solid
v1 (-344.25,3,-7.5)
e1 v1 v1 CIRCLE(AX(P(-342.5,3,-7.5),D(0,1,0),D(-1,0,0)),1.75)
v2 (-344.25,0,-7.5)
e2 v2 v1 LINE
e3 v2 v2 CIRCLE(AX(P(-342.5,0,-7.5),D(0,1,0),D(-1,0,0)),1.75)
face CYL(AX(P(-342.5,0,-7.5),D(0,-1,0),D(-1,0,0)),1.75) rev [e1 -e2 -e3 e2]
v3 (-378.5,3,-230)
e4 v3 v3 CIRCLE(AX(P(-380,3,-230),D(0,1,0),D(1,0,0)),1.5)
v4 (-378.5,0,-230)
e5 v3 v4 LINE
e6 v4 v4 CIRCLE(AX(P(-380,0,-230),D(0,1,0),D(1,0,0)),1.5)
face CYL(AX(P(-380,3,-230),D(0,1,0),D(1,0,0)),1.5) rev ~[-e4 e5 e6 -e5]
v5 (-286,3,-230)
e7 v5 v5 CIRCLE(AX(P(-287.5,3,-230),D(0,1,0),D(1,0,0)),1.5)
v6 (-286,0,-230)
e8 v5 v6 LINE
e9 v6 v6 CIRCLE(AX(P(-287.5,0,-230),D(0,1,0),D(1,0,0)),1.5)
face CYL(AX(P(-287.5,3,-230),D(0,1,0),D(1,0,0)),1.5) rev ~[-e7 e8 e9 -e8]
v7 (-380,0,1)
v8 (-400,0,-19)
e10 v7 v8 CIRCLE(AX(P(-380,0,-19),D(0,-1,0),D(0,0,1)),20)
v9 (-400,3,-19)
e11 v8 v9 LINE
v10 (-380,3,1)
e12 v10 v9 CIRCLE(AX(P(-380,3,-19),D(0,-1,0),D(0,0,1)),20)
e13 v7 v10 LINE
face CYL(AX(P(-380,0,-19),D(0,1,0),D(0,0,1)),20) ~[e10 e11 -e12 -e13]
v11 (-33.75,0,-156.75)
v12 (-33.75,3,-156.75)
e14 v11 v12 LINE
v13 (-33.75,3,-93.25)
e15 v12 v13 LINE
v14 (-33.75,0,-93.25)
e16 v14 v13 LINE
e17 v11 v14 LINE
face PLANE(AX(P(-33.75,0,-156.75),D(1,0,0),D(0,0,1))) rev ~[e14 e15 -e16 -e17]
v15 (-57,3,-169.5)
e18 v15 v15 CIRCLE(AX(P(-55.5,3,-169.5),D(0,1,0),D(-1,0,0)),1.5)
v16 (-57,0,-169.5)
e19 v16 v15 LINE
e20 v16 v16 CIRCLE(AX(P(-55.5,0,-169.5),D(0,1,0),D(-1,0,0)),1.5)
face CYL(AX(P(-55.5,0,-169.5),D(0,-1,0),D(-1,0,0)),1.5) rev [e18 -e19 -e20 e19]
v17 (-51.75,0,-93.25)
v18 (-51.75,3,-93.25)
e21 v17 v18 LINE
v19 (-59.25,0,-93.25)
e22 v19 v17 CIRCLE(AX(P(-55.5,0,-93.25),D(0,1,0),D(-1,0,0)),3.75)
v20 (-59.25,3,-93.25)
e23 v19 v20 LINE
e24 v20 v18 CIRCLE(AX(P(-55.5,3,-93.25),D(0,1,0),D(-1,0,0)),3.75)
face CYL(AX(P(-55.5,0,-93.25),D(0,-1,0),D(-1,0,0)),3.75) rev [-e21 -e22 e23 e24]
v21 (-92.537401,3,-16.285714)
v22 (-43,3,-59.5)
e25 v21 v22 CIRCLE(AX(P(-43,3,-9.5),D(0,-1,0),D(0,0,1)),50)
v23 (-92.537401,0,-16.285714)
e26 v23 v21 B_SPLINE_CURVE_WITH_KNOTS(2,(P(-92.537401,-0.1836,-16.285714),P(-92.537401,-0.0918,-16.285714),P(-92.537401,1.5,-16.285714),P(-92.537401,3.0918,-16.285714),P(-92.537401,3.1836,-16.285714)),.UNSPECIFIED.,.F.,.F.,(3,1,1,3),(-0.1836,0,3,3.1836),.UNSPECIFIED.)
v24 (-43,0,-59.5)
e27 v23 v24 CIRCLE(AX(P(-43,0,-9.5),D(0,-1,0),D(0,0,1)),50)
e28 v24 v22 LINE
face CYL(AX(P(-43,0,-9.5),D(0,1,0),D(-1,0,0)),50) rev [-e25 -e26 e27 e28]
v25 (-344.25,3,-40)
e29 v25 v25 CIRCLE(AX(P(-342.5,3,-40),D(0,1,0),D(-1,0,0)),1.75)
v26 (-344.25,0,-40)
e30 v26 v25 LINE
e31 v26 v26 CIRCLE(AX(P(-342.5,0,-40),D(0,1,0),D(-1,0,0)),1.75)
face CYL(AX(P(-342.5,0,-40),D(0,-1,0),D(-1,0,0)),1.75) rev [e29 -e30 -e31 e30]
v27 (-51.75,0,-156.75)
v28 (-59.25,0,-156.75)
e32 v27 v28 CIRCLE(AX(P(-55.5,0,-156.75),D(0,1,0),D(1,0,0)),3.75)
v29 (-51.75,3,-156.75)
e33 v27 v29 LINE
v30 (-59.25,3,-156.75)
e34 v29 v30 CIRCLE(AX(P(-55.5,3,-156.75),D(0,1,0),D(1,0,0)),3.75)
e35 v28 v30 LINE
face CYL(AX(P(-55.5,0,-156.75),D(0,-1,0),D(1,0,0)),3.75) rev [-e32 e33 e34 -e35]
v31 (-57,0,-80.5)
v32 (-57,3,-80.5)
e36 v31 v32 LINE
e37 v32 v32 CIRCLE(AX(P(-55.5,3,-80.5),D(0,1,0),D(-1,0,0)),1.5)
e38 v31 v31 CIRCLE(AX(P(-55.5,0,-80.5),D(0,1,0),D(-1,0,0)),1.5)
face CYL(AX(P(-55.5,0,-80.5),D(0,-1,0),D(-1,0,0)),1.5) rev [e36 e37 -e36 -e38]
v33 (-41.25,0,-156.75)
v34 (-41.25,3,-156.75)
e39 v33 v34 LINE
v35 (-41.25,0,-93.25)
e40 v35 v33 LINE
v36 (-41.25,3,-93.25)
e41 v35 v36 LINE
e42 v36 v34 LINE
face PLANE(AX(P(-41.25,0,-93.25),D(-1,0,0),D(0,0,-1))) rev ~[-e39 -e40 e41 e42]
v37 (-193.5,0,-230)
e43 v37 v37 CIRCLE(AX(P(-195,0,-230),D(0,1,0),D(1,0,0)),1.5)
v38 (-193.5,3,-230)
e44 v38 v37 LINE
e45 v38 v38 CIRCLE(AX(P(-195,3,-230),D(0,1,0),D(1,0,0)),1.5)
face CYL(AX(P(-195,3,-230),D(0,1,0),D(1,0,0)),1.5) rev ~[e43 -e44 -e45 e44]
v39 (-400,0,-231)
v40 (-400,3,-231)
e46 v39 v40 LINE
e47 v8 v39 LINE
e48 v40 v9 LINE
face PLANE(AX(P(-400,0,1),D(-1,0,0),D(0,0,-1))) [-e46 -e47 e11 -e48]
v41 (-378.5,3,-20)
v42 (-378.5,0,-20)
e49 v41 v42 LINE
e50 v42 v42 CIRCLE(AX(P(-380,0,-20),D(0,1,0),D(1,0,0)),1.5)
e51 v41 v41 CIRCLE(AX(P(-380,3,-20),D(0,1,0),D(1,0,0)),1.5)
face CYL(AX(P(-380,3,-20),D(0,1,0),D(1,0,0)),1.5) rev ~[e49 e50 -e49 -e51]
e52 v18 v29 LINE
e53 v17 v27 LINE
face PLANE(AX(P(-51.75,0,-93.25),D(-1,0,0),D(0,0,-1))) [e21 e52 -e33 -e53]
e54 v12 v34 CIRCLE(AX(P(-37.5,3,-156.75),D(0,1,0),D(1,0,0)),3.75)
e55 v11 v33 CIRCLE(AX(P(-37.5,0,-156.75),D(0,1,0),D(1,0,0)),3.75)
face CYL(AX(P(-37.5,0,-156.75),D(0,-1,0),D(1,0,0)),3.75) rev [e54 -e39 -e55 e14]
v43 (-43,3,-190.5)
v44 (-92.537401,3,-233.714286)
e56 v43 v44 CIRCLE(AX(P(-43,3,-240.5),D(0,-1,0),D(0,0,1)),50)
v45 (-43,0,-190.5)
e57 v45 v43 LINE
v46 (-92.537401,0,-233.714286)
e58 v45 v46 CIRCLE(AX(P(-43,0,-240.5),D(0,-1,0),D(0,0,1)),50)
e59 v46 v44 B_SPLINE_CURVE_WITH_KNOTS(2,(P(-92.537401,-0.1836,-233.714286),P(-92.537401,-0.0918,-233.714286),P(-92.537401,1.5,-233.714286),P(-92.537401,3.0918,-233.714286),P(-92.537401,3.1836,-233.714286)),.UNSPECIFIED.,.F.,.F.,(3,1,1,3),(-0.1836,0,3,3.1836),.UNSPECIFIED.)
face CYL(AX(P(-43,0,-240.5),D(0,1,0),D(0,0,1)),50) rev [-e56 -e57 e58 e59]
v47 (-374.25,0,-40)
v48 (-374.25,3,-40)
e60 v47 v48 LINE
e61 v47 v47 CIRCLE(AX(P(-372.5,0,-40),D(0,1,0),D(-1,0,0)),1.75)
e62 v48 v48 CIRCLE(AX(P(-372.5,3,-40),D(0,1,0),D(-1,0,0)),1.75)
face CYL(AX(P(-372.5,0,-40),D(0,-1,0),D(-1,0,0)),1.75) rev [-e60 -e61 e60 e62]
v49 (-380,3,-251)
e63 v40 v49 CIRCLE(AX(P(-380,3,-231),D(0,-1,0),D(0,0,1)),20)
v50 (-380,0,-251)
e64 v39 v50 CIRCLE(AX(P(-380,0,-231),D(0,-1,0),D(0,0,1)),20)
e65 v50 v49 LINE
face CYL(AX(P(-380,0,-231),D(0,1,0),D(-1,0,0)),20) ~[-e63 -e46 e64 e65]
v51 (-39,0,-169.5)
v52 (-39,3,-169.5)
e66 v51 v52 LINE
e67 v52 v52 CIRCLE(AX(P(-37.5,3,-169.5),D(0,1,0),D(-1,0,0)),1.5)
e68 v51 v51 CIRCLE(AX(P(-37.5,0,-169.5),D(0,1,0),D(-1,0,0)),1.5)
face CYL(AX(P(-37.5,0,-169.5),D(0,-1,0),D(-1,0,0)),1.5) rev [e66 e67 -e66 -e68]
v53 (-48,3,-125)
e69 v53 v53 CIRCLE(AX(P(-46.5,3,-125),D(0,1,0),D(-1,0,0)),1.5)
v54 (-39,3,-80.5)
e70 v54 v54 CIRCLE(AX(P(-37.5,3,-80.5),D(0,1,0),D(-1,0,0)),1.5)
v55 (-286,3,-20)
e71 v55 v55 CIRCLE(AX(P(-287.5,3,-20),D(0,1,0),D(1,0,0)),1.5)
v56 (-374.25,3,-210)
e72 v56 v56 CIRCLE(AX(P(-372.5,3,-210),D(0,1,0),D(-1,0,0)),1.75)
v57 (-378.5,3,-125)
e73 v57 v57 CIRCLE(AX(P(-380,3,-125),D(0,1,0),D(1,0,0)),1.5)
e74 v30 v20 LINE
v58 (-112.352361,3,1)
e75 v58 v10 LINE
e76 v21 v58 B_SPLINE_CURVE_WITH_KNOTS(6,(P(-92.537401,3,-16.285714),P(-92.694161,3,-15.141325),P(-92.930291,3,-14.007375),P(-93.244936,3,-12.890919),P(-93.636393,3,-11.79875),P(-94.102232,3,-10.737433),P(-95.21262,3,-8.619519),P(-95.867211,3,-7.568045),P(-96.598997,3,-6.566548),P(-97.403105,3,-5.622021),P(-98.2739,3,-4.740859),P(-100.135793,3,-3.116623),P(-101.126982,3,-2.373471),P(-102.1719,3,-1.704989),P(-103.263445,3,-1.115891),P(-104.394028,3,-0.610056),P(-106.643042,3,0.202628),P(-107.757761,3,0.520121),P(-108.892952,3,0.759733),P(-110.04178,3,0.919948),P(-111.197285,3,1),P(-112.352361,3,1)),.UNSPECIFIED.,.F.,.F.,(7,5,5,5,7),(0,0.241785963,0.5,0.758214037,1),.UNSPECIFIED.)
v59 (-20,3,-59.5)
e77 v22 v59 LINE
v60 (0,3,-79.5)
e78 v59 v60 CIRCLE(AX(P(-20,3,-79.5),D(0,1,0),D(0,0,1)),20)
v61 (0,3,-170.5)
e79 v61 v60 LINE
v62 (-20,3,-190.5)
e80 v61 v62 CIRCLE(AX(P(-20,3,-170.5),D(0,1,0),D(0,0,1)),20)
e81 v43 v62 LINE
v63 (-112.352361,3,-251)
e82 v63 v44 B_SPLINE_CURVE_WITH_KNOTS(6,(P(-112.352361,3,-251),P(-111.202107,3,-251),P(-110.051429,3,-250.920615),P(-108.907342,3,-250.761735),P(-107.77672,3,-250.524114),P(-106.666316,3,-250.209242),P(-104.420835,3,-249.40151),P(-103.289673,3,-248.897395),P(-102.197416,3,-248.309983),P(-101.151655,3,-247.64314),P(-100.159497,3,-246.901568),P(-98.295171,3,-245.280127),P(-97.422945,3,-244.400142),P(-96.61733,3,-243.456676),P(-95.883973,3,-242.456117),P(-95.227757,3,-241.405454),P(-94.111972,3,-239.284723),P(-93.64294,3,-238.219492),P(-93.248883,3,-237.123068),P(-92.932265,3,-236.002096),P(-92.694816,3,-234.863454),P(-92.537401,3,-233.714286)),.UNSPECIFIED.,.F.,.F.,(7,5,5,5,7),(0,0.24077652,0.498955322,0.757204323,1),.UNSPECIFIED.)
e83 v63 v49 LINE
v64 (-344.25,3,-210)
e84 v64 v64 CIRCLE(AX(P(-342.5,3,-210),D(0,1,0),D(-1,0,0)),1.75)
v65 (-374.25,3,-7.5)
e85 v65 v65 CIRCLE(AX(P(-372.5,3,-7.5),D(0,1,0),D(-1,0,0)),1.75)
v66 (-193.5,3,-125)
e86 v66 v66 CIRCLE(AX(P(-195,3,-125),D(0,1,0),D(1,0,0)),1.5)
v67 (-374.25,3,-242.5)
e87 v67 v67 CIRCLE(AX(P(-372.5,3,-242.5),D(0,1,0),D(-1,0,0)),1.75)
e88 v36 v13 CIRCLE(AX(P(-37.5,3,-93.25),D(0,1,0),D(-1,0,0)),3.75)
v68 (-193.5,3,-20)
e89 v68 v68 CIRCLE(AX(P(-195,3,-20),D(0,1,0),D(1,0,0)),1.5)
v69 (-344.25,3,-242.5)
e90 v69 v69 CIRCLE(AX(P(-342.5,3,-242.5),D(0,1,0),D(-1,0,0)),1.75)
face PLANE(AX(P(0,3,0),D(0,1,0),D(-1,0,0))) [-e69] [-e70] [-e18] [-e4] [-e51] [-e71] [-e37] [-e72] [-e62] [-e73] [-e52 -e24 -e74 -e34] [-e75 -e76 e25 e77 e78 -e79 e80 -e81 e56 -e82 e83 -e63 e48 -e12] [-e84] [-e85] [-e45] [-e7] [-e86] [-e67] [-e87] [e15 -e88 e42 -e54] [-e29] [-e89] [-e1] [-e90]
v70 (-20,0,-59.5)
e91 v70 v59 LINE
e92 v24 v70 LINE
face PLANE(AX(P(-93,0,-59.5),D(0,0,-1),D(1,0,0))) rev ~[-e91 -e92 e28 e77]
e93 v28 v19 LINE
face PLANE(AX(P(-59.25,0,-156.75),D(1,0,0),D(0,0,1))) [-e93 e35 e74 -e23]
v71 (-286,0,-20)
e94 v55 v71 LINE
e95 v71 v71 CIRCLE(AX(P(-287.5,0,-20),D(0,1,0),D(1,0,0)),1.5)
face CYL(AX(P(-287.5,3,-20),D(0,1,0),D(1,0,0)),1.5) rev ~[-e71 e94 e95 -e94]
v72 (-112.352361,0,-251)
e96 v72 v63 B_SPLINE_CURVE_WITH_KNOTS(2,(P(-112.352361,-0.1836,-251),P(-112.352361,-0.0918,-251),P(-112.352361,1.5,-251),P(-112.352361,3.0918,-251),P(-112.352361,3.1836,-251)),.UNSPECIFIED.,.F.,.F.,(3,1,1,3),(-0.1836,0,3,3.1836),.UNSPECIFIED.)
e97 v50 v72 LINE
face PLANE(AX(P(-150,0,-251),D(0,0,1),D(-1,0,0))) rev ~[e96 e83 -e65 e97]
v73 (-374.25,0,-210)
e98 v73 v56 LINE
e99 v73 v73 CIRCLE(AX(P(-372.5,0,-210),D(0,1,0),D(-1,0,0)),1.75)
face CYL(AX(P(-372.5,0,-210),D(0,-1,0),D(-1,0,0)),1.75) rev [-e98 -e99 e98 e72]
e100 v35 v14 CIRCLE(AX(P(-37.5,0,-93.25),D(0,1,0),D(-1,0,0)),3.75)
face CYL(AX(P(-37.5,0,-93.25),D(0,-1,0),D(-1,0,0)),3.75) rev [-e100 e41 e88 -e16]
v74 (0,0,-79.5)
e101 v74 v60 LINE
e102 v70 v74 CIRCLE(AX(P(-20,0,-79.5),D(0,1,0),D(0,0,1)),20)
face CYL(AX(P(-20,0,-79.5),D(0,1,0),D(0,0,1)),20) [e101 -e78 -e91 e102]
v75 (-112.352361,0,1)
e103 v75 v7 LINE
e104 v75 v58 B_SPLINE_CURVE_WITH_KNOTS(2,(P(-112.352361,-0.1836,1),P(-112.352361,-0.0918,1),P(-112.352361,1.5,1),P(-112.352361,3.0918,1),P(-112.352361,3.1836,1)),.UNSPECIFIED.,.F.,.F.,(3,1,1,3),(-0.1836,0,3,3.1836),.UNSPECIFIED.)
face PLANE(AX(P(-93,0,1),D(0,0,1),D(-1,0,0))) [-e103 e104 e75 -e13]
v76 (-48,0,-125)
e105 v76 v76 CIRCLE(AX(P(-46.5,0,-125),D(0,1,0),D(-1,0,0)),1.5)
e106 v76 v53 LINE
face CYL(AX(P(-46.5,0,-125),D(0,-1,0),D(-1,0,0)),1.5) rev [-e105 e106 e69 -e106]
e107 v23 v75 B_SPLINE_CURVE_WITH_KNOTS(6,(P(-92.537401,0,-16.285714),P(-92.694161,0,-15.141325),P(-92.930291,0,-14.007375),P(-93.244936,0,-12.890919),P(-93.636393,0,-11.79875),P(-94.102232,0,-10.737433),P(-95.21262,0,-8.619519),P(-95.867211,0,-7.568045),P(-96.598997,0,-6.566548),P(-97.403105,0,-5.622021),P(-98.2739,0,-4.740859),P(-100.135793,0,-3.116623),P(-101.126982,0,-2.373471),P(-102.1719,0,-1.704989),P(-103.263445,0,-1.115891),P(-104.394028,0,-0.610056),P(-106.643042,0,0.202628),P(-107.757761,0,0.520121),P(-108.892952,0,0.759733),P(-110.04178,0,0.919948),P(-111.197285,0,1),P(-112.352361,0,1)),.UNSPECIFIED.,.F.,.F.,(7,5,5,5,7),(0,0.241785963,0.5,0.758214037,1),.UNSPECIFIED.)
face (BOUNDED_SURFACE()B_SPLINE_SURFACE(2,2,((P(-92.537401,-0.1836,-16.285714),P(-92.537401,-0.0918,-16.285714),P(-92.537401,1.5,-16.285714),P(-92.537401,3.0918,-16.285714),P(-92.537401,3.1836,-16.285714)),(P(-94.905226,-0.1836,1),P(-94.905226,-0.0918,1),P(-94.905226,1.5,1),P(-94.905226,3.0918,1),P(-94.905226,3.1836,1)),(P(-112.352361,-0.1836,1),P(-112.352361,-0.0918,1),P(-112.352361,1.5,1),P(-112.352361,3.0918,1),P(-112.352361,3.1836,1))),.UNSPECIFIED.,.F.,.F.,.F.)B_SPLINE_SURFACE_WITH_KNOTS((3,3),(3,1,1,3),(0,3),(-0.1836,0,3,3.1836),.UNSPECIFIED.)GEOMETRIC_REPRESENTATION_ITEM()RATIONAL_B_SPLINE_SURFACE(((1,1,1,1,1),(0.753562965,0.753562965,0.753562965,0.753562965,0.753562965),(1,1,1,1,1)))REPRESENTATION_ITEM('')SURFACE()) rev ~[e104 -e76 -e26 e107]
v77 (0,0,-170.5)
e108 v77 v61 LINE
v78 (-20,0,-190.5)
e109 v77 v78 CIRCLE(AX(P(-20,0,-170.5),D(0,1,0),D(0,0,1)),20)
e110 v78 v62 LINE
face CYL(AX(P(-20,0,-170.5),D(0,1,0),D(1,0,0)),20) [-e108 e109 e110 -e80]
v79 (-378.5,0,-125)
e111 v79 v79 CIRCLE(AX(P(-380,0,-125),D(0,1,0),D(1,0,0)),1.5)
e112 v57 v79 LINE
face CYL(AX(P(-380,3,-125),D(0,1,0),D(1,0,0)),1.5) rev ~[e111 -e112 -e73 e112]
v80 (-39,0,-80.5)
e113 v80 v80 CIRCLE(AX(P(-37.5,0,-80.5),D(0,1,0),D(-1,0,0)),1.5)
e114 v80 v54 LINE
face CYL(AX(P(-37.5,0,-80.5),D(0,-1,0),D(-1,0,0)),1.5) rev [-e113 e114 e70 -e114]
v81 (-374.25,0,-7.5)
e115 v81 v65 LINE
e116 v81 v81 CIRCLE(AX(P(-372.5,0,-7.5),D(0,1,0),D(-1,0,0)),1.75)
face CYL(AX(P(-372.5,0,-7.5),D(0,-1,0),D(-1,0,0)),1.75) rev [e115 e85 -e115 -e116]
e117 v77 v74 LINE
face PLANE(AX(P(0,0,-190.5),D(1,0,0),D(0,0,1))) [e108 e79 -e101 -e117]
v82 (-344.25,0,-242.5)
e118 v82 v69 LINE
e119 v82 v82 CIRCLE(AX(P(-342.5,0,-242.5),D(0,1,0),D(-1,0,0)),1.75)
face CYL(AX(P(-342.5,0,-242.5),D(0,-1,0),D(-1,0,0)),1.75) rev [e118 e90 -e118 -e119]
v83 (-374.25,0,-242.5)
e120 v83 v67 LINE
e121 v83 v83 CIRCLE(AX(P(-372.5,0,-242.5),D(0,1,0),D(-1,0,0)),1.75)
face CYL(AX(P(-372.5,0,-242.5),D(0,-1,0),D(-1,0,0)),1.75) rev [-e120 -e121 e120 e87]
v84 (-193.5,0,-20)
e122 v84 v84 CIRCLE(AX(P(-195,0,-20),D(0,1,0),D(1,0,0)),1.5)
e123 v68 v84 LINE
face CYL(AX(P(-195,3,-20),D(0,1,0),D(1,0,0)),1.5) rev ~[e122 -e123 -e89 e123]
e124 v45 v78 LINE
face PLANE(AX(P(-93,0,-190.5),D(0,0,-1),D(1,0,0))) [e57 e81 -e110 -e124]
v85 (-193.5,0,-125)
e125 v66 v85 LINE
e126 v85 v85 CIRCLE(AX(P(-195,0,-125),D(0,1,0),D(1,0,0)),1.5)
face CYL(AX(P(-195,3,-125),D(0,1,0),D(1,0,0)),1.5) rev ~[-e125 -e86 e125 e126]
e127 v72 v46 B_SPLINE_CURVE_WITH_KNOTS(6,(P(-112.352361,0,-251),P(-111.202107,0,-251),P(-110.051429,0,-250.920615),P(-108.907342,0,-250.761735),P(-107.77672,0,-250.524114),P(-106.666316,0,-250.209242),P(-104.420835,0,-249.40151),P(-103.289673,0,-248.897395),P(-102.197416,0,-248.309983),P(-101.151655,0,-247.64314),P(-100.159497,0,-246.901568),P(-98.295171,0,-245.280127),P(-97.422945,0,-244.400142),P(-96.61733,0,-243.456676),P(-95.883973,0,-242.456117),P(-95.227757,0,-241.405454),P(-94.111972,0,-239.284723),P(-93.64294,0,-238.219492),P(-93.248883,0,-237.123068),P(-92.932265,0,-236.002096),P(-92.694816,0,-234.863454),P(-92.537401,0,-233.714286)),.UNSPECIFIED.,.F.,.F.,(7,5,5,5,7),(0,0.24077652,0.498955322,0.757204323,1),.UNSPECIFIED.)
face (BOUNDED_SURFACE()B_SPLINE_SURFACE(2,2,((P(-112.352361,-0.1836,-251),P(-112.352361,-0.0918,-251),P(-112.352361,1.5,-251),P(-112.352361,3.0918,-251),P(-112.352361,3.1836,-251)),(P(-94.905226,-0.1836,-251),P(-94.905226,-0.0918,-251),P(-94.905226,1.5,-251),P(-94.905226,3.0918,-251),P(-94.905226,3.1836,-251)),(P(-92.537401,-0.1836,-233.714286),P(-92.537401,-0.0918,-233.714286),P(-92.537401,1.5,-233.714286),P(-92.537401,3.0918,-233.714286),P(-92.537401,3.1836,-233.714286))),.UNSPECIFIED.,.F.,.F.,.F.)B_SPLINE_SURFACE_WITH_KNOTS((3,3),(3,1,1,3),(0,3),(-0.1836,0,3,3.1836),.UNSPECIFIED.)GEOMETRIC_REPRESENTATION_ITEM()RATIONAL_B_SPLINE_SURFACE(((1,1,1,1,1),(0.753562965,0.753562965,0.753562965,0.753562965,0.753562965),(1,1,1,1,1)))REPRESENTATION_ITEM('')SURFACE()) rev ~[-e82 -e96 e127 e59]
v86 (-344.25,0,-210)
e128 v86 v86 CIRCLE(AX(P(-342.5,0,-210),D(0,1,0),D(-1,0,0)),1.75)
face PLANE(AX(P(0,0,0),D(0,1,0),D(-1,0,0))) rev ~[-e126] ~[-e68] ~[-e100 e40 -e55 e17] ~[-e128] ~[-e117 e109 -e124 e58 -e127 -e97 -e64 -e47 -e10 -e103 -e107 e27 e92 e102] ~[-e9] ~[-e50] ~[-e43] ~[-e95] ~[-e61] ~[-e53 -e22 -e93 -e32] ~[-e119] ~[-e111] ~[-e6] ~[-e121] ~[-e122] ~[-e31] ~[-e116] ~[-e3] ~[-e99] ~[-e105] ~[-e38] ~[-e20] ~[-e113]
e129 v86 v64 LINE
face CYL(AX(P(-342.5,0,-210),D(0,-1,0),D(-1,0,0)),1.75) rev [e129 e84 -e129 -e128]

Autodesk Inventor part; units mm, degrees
ref_plane "YZ Plane" through (0, 0, 0) normal (1, 0, 0) x (0, 1, 0)
ref_plane "XZ Plane" through (0, 0, 0) normal (0, 1, 0) x (-1, 0, 0)
ref_plane "XY Plane" through (0, 0, 0) normal (0, 0, 1) x (1, 0, 0)
sketch "Sketch1" plane through (0, 0, 0) normal (0, 1, 0) x (-1, 0, 0)
  line L0 (0, 0) -> (150, 0)
  line L1 (150, 0) -> (150, -250)
  line L2 (150, -250) -> (0, -250)
  line L3 (0, -250) -> (0, 0)
  line L4 (150, -275) -> (150, 0)
  line L5 (75, 0) -> (75, -250) construction
  line L6 (150, 0) -> (400, 0)
  line L7 (400, 0) -> (400, -250)
  line L8 (400, -250) -> (150, -250)
  line L9 (150, -250) -> (150, 0)
  line L10 (150, -250) -> (0, -250)
  line L11 (0, -250) -> (0, -200)
  line L12 (0, -200) -> (150, -200)
  line L13 (150, -200) -> (150, -250)
  line L14 (0, 0) -> (150, 0)
  line L15 (150, 0) -> (150, -50)
  line L16 (150, -50) -> (0, -50)
  line L17 (0, -50) -> (0, 0)
  line L18 (28.5, -180.5) -> (28.5, -69.5)
  line L19 (28.5, -180.5) -> (64.5, -180.5)
  line L20 (64.5, -180.5) -> (64.5, -69.5)
  line L21 (64.5, -69.5) -> (28.5, -69.5)
  line L22 (28.5, -69.5) -> (28.5, -180.5)
  line L23 (46.5, -69.5) -> (46.5, -180.5) construction
  line L24 (64.5, -125) -> (28.5, -125) construction
  circle A0 centre (46.5, -125) radius 1.5
  circle A1 centre (55.5, -80.5) radius 1.5
  circle A2 centre (55.5, -169.5) radius 1.5
  circle A3 centre (37.5, -80.5) radius 1.5
  circle A4 centre (37.5, -169.5) radius 1.5
  line L25 (55.5, -93.25) -> (55.5, -156.75) construction
  line L26 (51.75, -93.25) -> (51.75, -156.75)
  line L27 (59.25, -156.75) -> (59.25, -93.25)
  arc A5 (59.25, -93.25) -> (51.75, -93.25) centre (55.5, -93.25) ccw
  arc A6 (51.75, -156.75) -> (59.25, -156.75) centre (55.5, -156.75) ccw
  line L28 (41.25, -93.25) -> (41.25, -156.75)
  line L29 (33.75, -156.75) -> (33.75, -93.25)
  arc A7 (41.25, -93.25) -> (33.75, -93.25) centre (37.5, -93.25) ccw
  arc A8 (33.75, -156.75) -> (41.25, -156.75) centre (37.5, -156.75) ccw
  line L30 (150, -250) -> (93, -250)
  line L31 (93, -250) -> (93, 0)
  line L32 (93, 0) -> (150, 0)
  line L33 (150, 0) -> (150, -250)
  line L34 (0, -200) -> (93, -200)
  line L35 (93, -200) -> (93, -190.5)
  line L36 (93, -190.5) -> (0, -190.5)
  line L37 (0, -190.5) -> (0, -200)
  line L38 (0, -50) -> (93, -50)
  line L39 (93, -50) -> (93, -59.5)
  line L40 (93, -59.5) -> (0, -59.5)
  line L41 (0, -59.5) -> (0, -50)
  line L42 (377.5, -250) -> (377.5, 0) construction
  line L43 (377.5, -250) -> (337.5, -250) construction
  line L44 (337.5, -250) -> (337.5, -202.5) construction
  line L45 (337.5, -202.5) -> (377.5, -202.5) construction
  line L46 (377.5, -202.5) -> (377.5, -250) construction
  line L47 (377.5, 0) -> (337.5, 0) construction
  line L48 (337.5, 0) -> (337.5, -47.5) construction
  line L49 (337.5, -47.5) -> (377.5, -47.5) construction
  line L50 (377.5, -47.5) -> (377.5, 0) construction
  circle A9 centre (372.5, -242.5) radius 1.75
  circle A10 centre (342.5, -242.5) radius 1.75
  line L51 (377.5, -225) -> (337.5, -225) construction
  line L52 (377.5, -225) -> (417.5, -225) construction
  line L53 (400, -125) -> (150, -125) construction
  circle A11 centre (342.5, -210) radius 1.75
  circle A12 centre (372.5, -210) radius 1.75
  circle A13 centre (372.5, -7.5) radius 1.75
  circle A14 centre (342.5, -7.5) radius 1.75
  circle A15 centre (342.5, -40) radius 1.75
  circle A16 centre (372.5, -40) radius 1.75
  line L54 (400, 0) -> (93, 0)
  line L55 (93, 0) -> (93, 1)
  line L56 (93, 1) -> (400, 1)
  line L57 (400, 1) -> (400, 0)
  line L58 (400, -250) -> (93, -250)
  line L59 (93, -250) -> (93, -251)
  line L60 (93, -251) -> (400, -251)
  line L61 (400, -251) -> (400, -250)
  point P0 (55.5, -125)
  dimension "d0" = 150
  dimension "d1" = 250
  dimension "d9" = 250
  dimension "d10" = 50
  dimension "d11" = 50
  dimension "d14" = 36
  dimension "d15" = 3
  dimension "d16" = 3
  dimension "d18" = 7.5
  dimension "d19" = 57
  dimension "d20" = 9.5
  dimension "d21" = 9.5
  dimension "d22" = 40
  dimension "d23" = 47.5
  dimension "d24" = 40
  dimension "d25" = 47.5
  dimension "d26" = 3.5
  dimension "d27" = 3.5
  dimension "d28" = 180
  dimension "d29" = 3.5
  dimension "d30" = 3.5
  dimension "d166" = 307
  dimension "d167" = 1
  dimension "d168" = 307
  dimension "d169" = 1
extrude "Extrusion1" add sketch "Sketch1" along normal blind 3 contours L55 L56 L57 L6 L0 | L0 L1 L16 L31 | L6 L7 L8 L1 | L16 L1 L12 L31 | L40 L31 L36 L3 | L1 L2 L31 L12 | L61 L60 L4 L8 | L4 L60 L59 L2 | L18 L21 L20 L19
sketch "Sketch9" plane through (0, 3, 0) normal (0, 1, 0) x (1, 0, 0)
  arc A0 (-380, 250) -> (-400, 230) centre (-380, 230) ccw projected
  arc A1 (-400, 20) -> (-380, 0) centre (-380, 20) ccw projected
  line L0 (-380, 230) -> (-195, 230) construction
  line L1 (-195, 230) -> (-195, 20) construction
  line L2 (-195, 20) -> (-380, 20) construction
  line L3 (-380, 20) -> (-380, 230) construction
  circle A2 centre (-195, 230) radius 1.5
  circle A3 centre (-195, 20) radius 1.5
  circle A4 centre (-380, 20) radius 1.5
  circle A5 centre (-380, 230) radius 1.5
  line L4 (-287.5, 230) -> (-287.5, 20) construction
  line L5 (-380, 125) -> (-195, 125) construction
  circle A6 centre (-287.5, 230) radius 1.5
  circle A7 centre (-195, 125) radius 1.5
  circle A8 centre (-380, 125) radius 1.5
  circle A9 centre (-287.5, 20) radius 1.5
  point P0 (0, 0)
  dimension "d154" = 185
  dimension "d155" = 210
  dimension "d156" = 3
  dimension "d157" = 3
  dimension "d158" = 3
  dimension "d159" = 3
  dimension "d160" = 3
  dimension "d161" = 3
  dimension "d162" = 3
  dimension "d163" = 3
extrude "Extrusion7" cut sketch "Sketch9" against normal blind 5
fillet "Fillet6" radius 50 2 edges at (-93, 1.5, -190.5) (-93, 1.5, -59.5)
fillet "Fillet7" radius 20 6 edges at (0, 1.5, -59.5) (0, 1.5, -190.5) (-93, 1.5, -251) (-93, 1.5, 1) (-400, 1.5, 1) (-400, 1.5, -251)
properties part number "Chassis Bottom Plate"
